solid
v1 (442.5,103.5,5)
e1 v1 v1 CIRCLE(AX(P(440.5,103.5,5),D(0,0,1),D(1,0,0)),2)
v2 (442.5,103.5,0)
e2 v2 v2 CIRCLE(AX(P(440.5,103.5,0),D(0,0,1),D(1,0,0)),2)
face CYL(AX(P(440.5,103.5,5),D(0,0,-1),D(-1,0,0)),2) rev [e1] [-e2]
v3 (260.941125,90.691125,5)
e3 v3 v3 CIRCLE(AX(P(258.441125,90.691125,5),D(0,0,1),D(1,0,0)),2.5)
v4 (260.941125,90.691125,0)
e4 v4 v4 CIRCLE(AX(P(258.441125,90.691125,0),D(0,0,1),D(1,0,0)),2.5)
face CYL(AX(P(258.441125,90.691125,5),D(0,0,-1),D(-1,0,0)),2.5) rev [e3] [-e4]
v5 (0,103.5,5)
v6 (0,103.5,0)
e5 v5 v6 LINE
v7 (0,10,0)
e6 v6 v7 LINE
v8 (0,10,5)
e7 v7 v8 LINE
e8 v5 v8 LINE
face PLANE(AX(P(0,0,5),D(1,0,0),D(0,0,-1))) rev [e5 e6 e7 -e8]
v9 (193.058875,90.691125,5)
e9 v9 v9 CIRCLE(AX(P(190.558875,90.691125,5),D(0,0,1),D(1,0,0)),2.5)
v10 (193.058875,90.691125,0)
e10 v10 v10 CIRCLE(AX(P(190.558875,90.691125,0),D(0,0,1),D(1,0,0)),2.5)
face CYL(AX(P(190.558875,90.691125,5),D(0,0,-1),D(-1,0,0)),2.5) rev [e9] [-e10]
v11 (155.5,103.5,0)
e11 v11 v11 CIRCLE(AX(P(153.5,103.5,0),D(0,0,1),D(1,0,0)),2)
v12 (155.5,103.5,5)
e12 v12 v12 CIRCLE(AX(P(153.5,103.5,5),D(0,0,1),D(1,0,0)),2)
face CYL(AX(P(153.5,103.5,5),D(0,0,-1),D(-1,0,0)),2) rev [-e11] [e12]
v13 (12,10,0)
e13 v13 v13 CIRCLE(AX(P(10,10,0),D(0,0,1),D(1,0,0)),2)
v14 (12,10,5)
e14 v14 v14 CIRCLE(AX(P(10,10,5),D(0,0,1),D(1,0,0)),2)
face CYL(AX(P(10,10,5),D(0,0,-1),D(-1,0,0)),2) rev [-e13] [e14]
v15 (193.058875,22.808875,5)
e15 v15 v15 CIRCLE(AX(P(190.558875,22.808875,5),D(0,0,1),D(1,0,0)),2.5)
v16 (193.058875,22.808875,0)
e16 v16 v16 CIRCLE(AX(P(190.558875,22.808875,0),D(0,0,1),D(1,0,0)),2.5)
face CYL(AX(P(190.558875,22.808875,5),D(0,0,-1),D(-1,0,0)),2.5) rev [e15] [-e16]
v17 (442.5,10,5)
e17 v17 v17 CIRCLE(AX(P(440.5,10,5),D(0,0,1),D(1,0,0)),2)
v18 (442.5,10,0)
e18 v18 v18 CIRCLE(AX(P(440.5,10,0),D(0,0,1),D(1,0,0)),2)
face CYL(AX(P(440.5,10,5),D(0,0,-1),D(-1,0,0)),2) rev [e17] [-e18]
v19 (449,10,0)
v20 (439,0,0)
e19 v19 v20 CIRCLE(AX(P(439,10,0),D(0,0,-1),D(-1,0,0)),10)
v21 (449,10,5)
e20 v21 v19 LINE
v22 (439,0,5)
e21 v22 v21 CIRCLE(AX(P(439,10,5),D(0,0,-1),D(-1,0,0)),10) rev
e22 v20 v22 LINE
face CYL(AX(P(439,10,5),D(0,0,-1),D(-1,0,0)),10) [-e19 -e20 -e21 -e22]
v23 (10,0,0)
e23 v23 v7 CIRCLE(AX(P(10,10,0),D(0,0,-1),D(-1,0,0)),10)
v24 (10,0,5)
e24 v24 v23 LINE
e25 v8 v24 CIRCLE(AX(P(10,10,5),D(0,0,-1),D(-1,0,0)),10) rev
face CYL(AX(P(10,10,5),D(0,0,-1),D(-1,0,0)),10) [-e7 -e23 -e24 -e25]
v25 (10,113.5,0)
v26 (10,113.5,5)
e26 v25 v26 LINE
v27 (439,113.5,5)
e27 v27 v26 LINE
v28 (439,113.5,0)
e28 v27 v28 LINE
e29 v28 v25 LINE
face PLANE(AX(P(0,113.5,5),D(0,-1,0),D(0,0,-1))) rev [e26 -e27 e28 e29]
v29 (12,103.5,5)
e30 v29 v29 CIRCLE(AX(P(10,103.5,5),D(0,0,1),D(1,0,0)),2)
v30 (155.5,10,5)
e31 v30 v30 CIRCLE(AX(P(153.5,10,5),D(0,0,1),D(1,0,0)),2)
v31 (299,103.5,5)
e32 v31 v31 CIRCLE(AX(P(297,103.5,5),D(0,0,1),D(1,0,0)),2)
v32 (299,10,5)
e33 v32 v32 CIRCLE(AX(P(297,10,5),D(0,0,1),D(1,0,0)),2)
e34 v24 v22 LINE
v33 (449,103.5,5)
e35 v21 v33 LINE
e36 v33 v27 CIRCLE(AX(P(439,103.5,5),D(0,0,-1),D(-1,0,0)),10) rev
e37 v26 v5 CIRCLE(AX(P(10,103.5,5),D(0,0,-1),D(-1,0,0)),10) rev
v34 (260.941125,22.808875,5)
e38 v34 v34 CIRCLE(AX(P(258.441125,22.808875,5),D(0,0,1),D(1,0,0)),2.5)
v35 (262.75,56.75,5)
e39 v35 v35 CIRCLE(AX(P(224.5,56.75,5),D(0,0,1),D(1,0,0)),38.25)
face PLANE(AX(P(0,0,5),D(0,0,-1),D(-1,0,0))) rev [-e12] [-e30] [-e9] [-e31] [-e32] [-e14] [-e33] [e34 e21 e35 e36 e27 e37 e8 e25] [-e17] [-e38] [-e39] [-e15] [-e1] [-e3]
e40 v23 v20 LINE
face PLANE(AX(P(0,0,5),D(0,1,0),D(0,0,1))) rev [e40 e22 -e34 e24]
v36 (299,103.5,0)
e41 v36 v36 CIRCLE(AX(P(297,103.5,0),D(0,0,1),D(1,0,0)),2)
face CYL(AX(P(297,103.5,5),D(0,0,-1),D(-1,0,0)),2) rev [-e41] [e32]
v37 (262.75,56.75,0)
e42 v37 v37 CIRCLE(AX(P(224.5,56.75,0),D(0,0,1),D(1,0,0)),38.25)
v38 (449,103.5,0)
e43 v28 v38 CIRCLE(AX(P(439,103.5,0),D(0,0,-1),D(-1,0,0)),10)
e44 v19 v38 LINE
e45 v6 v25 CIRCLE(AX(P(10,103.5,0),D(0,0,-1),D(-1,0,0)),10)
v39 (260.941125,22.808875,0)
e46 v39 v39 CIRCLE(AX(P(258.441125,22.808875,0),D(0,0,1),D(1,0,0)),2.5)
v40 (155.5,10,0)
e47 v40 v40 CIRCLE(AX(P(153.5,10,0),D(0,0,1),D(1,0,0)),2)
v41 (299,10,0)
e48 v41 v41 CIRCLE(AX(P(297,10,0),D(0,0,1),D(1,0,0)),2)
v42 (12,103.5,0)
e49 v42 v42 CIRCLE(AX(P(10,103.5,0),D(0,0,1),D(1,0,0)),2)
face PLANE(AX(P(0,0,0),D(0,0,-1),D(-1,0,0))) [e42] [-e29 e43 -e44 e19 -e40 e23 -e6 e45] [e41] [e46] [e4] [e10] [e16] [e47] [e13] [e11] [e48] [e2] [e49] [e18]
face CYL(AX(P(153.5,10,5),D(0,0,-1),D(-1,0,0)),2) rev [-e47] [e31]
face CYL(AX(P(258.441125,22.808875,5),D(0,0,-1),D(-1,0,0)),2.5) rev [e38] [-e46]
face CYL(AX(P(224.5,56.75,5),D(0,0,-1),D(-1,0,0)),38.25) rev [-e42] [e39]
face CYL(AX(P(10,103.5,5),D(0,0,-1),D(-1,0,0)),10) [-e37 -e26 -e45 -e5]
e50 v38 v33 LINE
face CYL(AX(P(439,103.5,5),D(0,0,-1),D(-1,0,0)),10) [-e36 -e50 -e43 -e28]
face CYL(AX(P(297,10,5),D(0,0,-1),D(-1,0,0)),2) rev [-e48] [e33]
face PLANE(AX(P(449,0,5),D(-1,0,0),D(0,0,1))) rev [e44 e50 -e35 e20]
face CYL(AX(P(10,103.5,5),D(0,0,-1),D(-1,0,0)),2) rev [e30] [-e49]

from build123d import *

# Parameters (mm, degrees)
ESQUISSE1_W        = 449
ESQUISSE1_H        = 113.5
ESQUISSE1_R        = 2
ESQUISSE1_R_2      = 38.25
ESQUISSE1_R_3      = 2.5
BOSS_EXTRU_1_DEPTH = 5
CONG_1_R           = 10


with BuildPart() as part:
    # Esquisse1 → Boss.-Extru.1 (new body)
    with BuildSketch(Plane.XY):
        with Locations((224.5, 56.75)):
            Rectangle(ESQUISSE1_W, ESQUISSE1_H)
        with Locations((10, 10)):
            Circle(ESQUISSE1_R, mode=Mode.SUBTRACT)
        with Locations((153.5, 10)):
            Circle(ESQUISSE1_R, mode=Mode.SUBTRACT)
        with Locations((297, 10)):
            Circle(ESQUISSE1_R, mode=Mode.SUBTRACT)
        with Locations((440.5, 10)):
            Circle(ESQUISSE1_R, mode=Mode.SUBTRACT)
        with Locations((153.5, 103.5)):
            Circle(ESQUISSE1_R, mode=Mode.SUBTRACT)
        with Locations((297, 103.5)):
            Circle(ESQUISSE1_R, mode=Mode.SUBTRACT)
        with Locations((440.5, 103.5)):
            Circle(ESQUISSE1_R, mode=Mode.SUBTRACT)
        with Locations((10, 103.5)):
            Circle(ESQUISSE1_R, mode=Mode.SUBTRACT)
        with Locations((224.5, 56.75)):
            Circle(ESQUISSE1_R_2, mode=Mode.SUBTRACT)
        with Locations((258.441125497, 90.691125497)):
            Circle(ESQUISSE1_R_3, mode=Mode.SUBTRACT)
        with Locations((258.441125497, 22.808874503)):
            Circle(ESQUISSE1_R_3, mode=Mode.SUBTRACT)
        with Locations((190.558874503, 22.808874503)):
            Circle(ESQUISSE1_R_3, mode=Mode.SUBTRACT)
        with Locations((190.558874503, 90.691125497)):
            Circle(ESQUISSE1_R_3, mode=Mode.SUBTRACT)
    extrude(amount=BOSS_EXTRU_1_DEPTH)

    # Congé1
    cong_1_edges = [part.edges().sort_by_distance(p)[0] for p in [
        (0, 113.5, 2.5),
        (449, 113.5, 2.5),
        (449, 0, 2.5),
        (0, 0, 2.5),
    ]]
    fillet(cong_1_edges, radius=CONG_1_R)


solid = part.part
